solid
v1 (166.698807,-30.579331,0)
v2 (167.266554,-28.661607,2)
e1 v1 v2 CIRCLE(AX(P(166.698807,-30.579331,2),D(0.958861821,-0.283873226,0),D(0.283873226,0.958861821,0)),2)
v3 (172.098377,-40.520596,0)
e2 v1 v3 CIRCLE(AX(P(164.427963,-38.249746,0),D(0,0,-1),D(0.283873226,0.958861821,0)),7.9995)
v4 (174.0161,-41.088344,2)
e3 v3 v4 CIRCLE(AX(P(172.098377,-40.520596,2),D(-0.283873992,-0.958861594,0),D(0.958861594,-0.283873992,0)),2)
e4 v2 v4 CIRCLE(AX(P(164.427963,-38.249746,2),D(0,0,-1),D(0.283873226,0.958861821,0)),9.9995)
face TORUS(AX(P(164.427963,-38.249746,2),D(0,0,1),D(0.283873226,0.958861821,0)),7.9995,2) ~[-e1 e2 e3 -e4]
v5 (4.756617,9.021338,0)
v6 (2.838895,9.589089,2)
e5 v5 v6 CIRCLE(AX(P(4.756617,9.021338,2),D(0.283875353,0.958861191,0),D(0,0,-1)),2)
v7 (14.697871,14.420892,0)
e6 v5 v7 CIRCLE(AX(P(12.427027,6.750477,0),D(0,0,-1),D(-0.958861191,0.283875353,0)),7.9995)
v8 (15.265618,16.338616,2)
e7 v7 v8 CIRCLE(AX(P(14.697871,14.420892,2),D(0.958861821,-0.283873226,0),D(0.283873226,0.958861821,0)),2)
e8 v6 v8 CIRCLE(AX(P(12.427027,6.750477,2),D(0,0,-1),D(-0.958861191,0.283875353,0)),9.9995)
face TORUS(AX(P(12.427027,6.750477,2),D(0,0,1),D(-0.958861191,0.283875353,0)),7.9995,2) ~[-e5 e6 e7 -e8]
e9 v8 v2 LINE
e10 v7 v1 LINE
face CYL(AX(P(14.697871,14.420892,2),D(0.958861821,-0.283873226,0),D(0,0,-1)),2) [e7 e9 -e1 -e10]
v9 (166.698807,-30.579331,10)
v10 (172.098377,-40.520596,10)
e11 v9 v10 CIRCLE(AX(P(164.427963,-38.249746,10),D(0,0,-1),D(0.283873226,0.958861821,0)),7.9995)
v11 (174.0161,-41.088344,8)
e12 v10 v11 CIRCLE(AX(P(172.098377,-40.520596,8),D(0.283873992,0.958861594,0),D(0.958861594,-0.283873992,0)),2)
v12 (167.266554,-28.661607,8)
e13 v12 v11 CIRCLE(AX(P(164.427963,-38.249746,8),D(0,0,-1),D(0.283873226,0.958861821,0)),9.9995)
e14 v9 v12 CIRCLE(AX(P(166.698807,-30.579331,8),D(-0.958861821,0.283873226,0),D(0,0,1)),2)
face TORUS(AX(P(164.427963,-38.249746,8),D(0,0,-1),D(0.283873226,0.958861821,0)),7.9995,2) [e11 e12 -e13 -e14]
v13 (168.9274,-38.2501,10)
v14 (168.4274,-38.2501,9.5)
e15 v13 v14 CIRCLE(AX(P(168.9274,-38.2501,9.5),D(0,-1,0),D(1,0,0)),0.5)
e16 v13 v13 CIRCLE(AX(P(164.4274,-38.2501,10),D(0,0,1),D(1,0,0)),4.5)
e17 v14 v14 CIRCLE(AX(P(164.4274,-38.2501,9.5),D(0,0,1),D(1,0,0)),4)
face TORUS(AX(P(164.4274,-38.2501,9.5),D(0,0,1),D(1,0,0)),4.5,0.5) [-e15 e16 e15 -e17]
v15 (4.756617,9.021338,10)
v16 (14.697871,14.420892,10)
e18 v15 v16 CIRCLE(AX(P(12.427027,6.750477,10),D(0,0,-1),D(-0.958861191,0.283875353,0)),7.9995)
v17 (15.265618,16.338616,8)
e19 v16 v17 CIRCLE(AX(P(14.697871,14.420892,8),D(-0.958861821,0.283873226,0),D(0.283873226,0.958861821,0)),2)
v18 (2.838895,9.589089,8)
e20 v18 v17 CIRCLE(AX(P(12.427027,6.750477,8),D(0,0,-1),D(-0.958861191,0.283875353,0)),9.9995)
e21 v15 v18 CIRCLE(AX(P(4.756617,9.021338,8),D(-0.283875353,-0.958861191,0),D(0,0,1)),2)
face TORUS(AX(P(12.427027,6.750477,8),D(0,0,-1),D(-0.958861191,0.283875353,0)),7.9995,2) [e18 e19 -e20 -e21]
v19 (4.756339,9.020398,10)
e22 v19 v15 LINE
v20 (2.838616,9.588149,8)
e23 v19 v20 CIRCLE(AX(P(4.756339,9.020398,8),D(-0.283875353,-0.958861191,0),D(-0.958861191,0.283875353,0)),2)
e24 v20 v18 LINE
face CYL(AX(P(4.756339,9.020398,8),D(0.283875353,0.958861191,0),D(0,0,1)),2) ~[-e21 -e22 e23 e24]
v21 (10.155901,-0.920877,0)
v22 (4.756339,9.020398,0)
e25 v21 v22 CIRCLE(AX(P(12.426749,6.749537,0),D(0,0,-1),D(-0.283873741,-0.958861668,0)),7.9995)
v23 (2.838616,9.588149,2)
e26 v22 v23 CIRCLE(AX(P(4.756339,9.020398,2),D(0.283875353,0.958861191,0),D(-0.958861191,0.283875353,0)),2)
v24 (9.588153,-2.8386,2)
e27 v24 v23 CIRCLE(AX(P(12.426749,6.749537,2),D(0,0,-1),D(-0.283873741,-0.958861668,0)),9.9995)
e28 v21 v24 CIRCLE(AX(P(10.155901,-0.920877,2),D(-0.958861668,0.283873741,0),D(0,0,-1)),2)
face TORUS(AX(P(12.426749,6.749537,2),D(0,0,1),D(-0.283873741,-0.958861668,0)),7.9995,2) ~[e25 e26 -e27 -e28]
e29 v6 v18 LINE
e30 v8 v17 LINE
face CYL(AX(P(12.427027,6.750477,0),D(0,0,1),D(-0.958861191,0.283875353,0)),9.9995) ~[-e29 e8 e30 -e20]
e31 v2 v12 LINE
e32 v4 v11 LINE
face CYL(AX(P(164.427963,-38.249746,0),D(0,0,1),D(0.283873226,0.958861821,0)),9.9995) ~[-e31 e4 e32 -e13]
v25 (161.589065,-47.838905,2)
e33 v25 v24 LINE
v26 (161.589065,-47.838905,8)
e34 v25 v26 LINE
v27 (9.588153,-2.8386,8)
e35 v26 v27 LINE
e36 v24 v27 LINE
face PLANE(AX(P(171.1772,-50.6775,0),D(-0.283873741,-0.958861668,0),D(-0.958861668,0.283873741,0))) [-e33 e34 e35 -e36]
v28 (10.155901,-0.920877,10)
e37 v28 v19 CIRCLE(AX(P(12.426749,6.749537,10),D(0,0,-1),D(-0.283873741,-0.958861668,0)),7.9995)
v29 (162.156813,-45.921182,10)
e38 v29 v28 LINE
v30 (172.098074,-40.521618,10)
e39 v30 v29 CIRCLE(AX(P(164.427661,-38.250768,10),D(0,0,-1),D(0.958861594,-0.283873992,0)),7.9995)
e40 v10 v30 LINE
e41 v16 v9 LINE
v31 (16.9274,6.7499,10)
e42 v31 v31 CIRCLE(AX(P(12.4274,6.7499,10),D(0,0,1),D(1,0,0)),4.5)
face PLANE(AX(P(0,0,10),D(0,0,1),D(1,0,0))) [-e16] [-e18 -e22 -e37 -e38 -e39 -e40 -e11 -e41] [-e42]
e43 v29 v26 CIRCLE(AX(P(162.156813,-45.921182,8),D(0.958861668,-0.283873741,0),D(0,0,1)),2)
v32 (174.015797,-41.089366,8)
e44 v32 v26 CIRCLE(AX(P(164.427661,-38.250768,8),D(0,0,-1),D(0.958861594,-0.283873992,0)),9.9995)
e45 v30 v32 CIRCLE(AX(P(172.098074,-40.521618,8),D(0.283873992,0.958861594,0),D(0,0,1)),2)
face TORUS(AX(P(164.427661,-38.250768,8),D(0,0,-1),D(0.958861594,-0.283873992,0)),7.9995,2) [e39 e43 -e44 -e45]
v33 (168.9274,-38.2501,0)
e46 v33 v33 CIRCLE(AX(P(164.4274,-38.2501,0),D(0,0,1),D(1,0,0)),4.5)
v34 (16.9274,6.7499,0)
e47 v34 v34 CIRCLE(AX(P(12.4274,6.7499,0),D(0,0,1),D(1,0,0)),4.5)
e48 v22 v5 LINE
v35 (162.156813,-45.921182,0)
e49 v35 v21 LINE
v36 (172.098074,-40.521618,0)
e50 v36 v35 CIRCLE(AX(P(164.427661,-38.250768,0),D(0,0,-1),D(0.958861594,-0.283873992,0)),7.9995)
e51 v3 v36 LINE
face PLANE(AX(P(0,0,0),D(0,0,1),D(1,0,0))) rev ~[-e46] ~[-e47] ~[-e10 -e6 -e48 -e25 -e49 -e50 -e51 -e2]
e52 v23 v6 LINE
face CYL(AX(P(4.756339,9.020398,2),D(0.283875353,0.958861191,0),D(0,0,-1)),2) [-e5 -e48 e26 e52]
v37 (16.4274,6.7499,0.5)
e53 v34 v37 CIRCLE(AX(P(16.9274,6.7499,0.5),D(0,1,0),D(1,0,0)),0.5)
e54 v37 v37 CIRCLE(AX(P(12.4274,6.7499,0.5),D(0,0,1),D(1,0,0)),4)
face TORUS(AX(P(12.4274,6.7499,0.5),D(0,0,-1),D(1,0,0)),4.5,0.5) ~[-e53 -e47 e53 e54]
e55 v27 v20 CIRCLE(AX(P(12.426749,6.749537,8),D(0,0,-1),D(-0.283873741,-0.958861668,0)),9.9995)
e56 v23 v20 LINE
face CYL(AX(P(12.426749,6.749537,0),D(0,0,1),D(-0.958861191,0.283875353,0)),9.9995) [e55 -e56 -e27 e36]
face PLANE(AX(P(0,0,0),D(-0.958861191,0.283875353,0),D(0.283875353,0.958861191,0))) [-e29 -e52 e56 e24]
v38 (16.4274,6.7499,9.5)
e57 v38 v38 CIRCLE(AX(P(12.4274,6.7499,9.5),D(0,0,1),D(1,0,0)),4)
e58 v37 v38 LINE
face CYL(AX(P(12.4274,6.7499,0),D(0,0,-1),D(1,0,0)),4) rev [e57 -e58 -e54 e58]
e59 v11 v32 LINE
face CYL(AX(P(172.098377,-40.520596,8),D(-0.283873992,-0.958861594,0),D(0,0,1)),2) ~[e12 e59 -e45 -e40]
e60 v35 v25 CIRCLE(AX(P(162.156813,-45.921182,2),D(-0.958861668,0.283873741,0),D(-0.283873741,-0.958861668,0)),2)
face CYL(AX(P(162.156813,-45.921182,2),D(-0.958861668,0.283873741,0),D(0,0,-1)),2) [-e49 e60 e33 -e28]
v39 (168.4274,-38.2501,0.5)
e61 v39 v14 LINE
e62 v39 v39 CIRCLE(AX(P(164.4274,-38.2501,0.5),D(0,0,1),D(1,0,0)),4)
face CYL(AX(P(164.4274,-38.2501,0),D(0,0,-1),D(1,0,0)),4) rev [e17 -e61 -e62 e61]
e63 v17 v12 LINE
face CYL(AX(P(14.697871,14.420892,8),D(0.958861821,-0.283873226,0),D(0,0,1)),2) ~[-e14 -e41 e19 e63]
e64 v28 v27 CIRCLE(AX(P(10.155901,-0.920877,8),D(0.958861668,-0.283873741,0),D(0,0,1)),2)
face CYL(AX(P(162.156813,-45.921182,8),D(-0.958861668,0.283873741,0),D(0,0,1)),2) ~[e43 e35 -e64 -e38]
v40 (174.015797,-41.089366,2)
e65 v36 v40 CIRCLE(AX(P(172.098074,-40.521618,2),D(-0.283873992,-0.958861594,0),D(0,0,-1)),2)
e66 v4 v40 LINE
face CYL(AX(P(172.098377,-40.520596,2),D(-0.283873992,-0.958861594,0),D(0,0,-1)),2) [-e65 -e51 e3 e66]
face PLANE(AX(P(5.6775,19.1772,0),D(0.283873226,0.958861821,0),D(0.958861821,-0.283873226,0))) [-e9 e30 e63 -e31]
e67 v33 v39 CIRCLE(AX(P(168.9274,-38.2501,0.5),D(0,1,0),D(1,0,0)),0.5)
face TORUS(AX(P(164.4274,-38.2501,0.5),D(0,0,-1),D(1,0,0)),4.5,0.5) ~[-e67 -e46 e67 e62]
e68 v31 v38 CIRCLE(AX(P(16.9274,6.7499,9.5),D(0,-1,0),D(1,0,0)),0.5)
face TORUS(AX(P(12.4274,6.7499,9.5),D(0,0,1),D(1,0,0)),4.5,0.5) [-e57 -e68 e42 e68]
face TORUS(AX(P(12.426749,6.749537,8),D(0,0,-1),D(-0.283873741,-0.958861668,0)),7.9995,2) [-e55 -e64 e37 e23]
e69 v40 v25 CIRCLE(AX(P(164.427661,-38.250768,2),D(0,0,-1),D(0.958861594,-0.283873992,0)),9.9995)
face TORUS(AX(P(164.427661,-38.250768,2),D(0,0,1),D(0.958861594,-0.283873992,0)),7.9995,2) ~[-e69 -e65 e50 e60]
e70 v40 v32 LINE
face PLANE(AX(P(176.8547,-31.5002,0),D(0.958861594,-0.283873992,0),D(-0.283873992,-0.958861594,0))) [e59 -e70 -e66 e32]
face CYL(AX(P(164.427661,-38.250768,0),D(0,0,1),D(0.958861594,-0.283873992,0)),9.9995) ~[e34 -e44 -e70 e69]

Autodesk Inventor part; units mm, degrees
ref_plane "YZ Plane" through (0, 0, 0) normal (1, 0, 0) x (0, 1, 0)
ref_plane "XZ Plane" through (0, 0, 0) normal (0, 1, 0) x (-1, 0, 0)
ref_plane "XY Plane" through (0, 0, 0) normal (0, 0, 1) x (1, 0, 0)
sketch "Sketch6" plane through (0, 0, 0) normal (0, 0, 1) x (1, 0, 0)
  line L0 (0, 0) -> (5.6775, 19.1772)
  line L1 (5.6775, 19.1772) -> (176.8547, -31.5002)
  line L2 (176.8547, -31.5002) -> (171.1772, -50.6775)
  line L3 (171.1772, -50.6775) -> (0, 0)
  circle A0 centre (12.4274, 6.7499) radius 4
  circle A1 centre (164.4274, -38.2501) radius 4
  dimension "d48" = 20
  dimension "d50" = 8
  dimension "d51" = 10
  dimension "d52" = 10
  dimension "d53" = 10
  dimension "d54" = 10
  dimension "d55" = 45
  dimension "d56" = 152
extrude "Extrusion5" add sketch "Sketch6" along normal blind 10
fillet "Fillet5" radius 10 4 edges at (5.6775, 19.1772, 5) (0, 0, 5) (176.8547, -31.5002, 5) (171.1772, -50.6775, 5)
fillet "Fillet6" radius 2 6 edges at (173.215, -33.4771, 0) (85.5886, -25.3387, 0) (91.2661, -6.1615, 0) (85.5886, -25.3387, 10) (91.2661, -6.1615, 10) (7.6544, 15.5375, 0)
fillet "Fillet7" radius 0.5 4 edges at (160.4274, -38.2501, 0) (8.4274, 6.7499, 0) (8.4274, 6.7499, 10) (160.4274, -38.2501, 10)
properties part number "Lift Arm Upper"
